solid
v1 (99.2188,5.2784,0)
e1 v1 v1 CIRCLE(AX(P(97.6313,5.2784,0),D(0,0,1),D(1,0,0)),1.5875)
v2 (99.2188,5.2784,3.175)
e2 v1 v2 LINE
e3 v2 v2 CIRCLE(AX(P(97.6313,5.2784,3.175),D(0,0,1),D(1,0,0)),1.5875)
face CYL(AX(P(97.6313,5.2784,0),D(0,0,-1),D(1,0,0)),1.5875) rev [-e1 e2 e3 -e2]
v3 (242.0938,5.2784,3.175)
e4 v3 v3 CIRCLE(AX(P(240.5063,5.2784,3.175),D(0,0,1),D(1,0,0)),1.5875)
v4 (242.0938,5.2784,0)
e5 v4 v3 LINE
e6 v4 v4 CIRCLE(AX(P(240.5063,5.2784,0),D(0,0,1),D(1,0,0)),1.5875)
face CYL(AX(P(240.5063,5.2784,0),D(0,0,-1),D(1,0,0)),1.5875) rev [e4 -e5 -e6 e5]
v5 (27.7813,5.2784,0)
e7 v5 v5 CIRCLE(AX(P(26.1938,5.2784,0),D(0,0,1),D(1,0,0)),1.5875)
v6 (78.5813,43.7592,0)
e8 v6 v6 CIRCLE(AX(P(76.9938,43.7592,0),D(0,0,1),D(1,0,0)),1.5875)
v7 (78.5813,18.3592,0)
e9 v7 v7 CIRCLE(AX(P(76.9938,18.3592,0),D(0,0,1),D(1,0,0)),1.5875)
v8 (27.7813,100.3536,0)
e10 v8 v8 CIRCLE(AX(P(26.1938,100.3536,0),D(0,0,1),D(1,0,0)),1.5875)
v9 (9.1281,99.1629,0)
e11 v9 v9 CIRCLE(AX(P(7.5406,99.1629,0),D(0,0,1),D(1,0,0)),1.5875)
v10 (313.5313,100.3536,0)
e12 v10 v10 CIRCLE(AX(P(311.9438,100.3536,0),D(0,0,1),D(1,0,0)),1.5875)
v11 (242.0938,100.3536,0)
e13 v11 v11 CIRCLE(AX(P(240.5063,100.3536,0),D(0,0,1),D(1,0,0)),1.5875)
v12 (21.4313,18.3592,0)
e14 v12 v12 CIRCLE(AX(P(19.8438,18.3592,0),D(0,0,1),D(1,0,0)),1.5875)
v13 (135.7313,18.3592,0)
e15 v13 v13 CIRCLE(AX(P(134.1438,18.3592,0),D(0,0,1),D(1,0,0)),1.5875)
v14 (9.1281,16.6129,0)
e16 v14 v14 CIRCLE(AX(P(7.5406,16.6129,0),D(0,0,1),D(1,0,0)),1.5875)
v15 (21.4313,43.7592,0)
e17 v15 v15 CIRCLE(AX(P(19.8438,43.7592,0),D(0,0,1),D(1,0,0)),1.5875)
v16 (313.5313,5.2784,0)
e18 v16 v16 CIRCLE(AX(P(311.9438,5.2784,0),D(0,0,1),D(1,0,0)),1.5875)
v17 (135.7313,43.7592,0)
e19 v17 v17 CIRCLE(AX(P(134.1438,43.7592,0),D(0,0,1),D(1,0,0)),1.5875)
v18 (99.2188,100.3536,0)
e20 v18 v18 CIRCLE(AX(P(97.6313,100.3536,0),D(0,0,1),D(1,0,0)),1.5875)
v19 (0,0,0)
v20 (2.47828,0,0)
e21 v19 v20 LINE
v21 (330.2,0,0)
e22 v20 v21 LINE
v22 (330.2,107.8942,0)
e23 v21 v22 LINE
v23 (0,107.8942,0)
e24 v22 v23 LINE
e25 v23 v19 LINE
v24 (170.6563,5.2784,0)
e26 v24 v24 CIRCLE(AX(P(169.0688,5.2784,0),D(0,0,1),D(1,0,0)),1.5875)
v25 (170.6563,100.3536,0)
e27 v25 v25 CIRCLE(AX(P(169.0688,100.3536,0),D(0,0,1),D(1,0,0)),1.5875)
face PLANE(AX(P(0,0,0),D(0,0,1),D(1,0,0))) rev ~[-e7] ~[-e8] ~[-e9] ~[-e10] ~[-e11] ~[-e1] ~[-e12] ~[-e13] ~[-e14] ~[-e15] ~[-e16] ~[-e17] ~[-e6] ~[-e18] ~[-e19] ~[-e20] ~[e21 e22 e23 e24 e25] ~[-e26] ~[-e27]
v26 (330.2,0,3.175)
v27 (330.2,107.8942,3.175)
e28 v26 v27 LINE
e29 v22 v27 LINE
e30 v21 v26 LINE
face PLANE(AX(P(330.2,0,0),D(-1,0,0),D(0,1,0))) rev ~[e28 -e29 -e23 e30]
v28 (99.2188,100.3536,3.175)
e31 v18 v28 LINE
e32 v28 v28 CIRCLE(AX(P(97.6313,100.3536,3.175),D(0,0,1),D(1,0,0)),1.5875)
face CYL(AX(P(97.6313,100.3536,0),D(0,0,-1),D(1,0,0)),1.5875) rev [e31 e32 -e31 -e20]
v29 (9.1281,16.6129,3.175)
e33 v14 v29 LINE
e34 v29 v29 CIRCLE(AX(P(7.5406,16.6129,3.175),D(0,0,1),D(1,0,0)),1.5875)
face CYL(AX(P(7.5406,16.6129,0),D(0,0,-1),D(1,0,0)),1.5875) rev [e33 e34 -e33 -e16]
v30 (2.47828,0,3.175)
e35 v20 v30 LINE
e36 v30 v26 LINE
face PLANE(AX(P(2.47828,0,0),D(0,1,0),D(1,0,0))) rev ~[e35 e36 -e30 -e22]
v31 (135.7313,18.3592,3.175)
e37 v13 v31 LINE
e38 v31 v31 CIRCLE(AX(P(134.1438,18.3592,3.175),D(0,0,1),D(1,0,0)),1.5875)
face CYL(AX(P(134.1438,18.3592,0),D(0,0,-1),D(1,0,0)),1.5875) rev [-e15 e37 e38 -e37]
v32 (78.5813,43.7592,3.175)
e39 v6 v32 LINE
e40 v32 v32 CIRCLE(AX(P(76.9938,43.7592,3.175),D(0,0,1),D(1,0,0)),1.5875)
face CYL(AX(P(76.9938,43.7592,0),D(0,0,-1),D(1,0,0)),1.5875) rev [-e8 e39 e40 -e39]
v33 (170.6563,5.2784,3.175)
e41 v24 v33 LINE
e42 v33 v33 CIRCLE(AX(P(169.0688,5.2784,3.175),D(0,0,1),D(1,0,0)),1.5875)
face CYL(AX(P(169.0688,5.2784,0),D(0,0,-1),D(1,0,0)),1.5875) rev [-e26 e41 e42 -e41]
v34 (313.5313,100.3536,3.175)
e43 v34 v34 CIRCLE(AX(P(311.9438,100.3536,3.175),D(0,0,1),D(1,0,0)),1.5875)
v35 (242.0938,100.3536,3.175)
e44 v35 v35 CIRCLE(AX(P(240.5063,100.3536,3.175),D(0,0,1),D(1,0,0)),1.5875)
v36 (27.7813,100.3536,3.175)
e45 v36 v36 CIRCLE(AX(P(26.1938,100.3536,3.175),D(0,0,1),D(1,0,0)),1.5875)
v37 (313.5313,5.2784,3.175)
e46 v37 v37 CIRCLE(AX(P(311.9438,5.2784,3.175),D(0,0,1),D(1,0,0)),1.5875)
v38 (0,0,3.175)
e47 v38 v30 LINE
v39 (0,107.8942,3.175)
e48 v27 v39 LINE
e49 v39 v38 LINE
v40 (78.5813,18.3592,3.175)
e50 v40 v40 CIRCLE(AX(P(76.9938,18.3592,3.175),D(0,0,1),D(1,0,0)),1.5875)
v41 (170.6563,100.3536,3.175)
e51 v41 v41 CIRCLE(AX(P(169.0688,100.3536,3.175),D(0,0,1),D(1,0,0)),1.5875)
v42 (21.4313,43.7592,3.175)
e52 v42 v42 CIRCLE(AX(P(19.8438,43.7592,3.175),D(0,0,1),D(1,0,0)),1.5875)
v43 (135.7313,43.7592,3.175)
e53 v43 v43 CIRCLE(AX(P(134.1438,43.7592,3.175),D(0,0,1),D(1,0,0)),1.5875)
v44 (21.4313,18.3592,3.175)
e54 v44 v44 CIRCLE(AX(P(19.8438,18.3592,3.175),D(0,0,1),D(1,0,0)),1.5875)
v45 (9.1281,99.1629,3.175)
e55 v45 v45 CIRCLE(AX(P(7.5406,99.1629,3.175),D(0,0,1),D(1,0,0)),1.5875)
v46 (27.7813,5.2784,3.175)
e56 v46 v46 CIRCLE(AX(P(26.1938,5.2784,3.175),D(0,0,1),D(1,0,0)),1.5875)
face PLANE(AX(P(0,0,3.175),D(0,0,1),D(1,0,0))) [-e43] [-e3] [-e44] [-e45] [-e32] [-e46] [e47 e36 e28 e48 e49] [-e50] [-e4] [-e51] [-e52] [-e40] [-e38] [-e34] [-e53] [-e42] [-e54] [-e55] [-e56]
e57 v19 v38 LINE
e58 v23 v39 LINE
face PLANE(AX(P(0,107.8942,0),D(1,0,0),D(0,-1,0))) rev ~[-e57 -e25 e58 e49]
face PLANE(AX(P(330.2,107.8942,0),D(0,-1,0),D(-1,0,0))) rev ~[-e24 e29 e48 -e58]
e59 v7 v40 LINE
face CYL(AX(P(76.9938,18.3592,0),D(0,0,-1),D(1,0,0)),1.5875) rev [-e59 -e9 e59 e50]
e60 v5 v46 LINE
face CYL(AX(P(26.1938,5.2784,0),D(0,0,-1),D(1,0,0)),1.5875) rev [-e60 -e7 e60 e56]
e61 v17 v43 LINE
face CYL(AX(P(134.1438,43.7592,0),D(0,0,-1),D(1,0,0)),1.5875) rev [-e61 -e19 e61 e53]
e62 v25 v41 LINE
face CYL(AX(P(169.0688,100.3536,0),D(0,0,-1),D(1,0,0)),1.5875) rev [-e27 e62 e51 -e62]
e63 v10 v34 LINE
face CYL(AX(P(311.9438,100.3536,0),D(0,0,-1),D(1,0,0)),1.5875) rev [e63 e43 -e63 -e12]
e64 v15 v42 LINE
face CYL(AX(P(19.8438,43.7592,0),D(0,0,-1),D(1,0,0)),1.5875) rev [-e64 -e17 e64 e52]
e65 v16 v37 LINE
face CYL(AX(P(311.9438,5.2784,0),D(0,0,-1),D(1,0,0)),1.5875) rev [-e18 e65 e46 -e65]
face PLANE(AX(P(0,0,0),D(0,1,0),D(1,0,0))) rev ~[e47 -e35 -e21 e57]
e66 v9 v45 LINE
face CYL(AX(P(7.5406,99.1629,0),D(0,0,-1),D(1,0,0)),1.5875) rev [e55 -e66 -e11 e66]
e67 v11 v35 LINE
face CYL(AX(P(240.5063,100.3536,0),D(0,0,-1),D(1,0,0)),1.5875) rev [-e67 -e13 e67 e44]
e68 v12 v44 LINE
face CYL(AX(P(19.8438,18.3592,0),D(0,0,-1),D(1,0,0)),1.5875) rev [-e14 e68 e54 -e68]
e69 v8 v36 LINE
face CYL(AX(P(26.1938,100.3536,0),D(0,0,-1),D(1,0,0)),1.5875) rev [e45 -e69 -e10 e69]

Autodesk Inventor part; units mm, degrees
ref_plane "YZ Plane" through (0, 0, 0) normal (1, 0, 0) x (0, 1, 0)
ref_plane "XZ Plane" through (0, 0, 0) normal (0, 1, 0) x (-1, 0, 0)
ref_plane "XY Plane" through (0, 0, 0) normal (0, 0, 1) x (1, 0, 0)
sketch "Sketch1" plane through (0, 0, 0) normal (0, 0, 1) x (1, 0, 0)
  line L0 (330.2, 0) -> (330.2, 107.8942)
  line L1 (330.2, 107.8942) -> (0, 107.8942)
  line L2 (0, 107.8942) -> (0, 0)
  line L3 (0, 0) -> (330.2, 0)
  circle A0 centre (97.6313, 100.3536) radius 1.5875 projected
  circle A1 centre (240.5063, 100.3536) radius 1.5875 projected
  circle A2 centre (311.9438, 100.3536) radius 1.5875 projected
  circle A3 centre (169.0688, 100.3536) radius 1.5875 projected
  circle A4 centre (26.1938, 100.3536) radius 1.5875 projected
  line L4 (321.4688, 107.8942) -> (321.4688, 92.8129) construction
  line L5 (321.4688, 107.8942) -> (16.6688, 107.8942) construction
  line L6 (16.6688, 92.8129) -> (16.6688, 107.8942) construction
  line L7 (321.4688, 92.8129) -> (16.6688, 92.8129) construction
  circle A5 centre (97.6313, 5.2784) radius 1.5875 projected
  circle A6 centre (240.5063, 5.2784) radius 1.5875 projected
  circle A7 centre (311.9438, 5.2784) radius 1.5875 projected
  circle A8 centre (169.0688, 5.2784) radius 1.5875 projected
  circle A9 centre (26.1938, 5.2784) radius 1.5875 projected
  line L8 (321.4688, 12.819) -> (321.4688, -2.2623) construction
  line L9 (321.4688, 12.819) -> (16.6688, 12.819) construction
  line L10 (16.6688, -2.2623) -> (16.6688, 12.819) construction
  line L11 (321.4688, -2.2623) -> (16.6688, -2.2623) construction
  circle A10 centre (19.8438, 18.3592) radius 1.5875 projected
  circle A11 centre (76.9938, 18.3592) radius 1.5875 projected
  circle A12 centre (134.1438, 18.3592) radius 1.5875 projected
  circle A13 centre (19.8438, 43.7592) radius 1.5875 projected
  circle A14 centre (76.9938, 43.7592) radius 1.5875 projected
  circle A15 centre (134.1438, 43.7592) radius 1.5875 projected
  line L12 (143.6688, 53.2842) -> (143.6688, -124.5158) construction
  line L13 (16.6688, 53.2842) -> (143.6688, 53.2842) construction
  line L14 (16.6688, 2.4842) -> (16.6688, 53.2842) construction
  line L15 (143.6688, -124.5158) -> (-72.2312, -124.5158) construction
  circle A16 centre (7.5406, 99.1629) radius 1.5875 projected
  circle A17 centre (7.5406, 16.6129) radius 1.5875 projected
  line L16 (0, 108.6879) -> (15.0813, 108.6879) construction
  line L17 (0, 108.6879) -> (0, 7.0879) construction
  line L18 (15.0813, 7.0879) -> (0, 7.0879) construction
  line L19 (15.0813, 108.6879) -> (15.0813, 7.0879) construction
  line L20 (3.9688, 2.4842) -> (16.6688, 2.4842) projected
  line L21 (-72.2312, -124.5158) -> (3.9688, 2.4842) projected
  dimension "d0" = 330.2
  dimension "d1" = 107.8942
extrude "Extrusion1" add sketch "Sketch1" along normal blind 3.175
properties part number "Hopper Right" material "Polycarbonate, Clear"
